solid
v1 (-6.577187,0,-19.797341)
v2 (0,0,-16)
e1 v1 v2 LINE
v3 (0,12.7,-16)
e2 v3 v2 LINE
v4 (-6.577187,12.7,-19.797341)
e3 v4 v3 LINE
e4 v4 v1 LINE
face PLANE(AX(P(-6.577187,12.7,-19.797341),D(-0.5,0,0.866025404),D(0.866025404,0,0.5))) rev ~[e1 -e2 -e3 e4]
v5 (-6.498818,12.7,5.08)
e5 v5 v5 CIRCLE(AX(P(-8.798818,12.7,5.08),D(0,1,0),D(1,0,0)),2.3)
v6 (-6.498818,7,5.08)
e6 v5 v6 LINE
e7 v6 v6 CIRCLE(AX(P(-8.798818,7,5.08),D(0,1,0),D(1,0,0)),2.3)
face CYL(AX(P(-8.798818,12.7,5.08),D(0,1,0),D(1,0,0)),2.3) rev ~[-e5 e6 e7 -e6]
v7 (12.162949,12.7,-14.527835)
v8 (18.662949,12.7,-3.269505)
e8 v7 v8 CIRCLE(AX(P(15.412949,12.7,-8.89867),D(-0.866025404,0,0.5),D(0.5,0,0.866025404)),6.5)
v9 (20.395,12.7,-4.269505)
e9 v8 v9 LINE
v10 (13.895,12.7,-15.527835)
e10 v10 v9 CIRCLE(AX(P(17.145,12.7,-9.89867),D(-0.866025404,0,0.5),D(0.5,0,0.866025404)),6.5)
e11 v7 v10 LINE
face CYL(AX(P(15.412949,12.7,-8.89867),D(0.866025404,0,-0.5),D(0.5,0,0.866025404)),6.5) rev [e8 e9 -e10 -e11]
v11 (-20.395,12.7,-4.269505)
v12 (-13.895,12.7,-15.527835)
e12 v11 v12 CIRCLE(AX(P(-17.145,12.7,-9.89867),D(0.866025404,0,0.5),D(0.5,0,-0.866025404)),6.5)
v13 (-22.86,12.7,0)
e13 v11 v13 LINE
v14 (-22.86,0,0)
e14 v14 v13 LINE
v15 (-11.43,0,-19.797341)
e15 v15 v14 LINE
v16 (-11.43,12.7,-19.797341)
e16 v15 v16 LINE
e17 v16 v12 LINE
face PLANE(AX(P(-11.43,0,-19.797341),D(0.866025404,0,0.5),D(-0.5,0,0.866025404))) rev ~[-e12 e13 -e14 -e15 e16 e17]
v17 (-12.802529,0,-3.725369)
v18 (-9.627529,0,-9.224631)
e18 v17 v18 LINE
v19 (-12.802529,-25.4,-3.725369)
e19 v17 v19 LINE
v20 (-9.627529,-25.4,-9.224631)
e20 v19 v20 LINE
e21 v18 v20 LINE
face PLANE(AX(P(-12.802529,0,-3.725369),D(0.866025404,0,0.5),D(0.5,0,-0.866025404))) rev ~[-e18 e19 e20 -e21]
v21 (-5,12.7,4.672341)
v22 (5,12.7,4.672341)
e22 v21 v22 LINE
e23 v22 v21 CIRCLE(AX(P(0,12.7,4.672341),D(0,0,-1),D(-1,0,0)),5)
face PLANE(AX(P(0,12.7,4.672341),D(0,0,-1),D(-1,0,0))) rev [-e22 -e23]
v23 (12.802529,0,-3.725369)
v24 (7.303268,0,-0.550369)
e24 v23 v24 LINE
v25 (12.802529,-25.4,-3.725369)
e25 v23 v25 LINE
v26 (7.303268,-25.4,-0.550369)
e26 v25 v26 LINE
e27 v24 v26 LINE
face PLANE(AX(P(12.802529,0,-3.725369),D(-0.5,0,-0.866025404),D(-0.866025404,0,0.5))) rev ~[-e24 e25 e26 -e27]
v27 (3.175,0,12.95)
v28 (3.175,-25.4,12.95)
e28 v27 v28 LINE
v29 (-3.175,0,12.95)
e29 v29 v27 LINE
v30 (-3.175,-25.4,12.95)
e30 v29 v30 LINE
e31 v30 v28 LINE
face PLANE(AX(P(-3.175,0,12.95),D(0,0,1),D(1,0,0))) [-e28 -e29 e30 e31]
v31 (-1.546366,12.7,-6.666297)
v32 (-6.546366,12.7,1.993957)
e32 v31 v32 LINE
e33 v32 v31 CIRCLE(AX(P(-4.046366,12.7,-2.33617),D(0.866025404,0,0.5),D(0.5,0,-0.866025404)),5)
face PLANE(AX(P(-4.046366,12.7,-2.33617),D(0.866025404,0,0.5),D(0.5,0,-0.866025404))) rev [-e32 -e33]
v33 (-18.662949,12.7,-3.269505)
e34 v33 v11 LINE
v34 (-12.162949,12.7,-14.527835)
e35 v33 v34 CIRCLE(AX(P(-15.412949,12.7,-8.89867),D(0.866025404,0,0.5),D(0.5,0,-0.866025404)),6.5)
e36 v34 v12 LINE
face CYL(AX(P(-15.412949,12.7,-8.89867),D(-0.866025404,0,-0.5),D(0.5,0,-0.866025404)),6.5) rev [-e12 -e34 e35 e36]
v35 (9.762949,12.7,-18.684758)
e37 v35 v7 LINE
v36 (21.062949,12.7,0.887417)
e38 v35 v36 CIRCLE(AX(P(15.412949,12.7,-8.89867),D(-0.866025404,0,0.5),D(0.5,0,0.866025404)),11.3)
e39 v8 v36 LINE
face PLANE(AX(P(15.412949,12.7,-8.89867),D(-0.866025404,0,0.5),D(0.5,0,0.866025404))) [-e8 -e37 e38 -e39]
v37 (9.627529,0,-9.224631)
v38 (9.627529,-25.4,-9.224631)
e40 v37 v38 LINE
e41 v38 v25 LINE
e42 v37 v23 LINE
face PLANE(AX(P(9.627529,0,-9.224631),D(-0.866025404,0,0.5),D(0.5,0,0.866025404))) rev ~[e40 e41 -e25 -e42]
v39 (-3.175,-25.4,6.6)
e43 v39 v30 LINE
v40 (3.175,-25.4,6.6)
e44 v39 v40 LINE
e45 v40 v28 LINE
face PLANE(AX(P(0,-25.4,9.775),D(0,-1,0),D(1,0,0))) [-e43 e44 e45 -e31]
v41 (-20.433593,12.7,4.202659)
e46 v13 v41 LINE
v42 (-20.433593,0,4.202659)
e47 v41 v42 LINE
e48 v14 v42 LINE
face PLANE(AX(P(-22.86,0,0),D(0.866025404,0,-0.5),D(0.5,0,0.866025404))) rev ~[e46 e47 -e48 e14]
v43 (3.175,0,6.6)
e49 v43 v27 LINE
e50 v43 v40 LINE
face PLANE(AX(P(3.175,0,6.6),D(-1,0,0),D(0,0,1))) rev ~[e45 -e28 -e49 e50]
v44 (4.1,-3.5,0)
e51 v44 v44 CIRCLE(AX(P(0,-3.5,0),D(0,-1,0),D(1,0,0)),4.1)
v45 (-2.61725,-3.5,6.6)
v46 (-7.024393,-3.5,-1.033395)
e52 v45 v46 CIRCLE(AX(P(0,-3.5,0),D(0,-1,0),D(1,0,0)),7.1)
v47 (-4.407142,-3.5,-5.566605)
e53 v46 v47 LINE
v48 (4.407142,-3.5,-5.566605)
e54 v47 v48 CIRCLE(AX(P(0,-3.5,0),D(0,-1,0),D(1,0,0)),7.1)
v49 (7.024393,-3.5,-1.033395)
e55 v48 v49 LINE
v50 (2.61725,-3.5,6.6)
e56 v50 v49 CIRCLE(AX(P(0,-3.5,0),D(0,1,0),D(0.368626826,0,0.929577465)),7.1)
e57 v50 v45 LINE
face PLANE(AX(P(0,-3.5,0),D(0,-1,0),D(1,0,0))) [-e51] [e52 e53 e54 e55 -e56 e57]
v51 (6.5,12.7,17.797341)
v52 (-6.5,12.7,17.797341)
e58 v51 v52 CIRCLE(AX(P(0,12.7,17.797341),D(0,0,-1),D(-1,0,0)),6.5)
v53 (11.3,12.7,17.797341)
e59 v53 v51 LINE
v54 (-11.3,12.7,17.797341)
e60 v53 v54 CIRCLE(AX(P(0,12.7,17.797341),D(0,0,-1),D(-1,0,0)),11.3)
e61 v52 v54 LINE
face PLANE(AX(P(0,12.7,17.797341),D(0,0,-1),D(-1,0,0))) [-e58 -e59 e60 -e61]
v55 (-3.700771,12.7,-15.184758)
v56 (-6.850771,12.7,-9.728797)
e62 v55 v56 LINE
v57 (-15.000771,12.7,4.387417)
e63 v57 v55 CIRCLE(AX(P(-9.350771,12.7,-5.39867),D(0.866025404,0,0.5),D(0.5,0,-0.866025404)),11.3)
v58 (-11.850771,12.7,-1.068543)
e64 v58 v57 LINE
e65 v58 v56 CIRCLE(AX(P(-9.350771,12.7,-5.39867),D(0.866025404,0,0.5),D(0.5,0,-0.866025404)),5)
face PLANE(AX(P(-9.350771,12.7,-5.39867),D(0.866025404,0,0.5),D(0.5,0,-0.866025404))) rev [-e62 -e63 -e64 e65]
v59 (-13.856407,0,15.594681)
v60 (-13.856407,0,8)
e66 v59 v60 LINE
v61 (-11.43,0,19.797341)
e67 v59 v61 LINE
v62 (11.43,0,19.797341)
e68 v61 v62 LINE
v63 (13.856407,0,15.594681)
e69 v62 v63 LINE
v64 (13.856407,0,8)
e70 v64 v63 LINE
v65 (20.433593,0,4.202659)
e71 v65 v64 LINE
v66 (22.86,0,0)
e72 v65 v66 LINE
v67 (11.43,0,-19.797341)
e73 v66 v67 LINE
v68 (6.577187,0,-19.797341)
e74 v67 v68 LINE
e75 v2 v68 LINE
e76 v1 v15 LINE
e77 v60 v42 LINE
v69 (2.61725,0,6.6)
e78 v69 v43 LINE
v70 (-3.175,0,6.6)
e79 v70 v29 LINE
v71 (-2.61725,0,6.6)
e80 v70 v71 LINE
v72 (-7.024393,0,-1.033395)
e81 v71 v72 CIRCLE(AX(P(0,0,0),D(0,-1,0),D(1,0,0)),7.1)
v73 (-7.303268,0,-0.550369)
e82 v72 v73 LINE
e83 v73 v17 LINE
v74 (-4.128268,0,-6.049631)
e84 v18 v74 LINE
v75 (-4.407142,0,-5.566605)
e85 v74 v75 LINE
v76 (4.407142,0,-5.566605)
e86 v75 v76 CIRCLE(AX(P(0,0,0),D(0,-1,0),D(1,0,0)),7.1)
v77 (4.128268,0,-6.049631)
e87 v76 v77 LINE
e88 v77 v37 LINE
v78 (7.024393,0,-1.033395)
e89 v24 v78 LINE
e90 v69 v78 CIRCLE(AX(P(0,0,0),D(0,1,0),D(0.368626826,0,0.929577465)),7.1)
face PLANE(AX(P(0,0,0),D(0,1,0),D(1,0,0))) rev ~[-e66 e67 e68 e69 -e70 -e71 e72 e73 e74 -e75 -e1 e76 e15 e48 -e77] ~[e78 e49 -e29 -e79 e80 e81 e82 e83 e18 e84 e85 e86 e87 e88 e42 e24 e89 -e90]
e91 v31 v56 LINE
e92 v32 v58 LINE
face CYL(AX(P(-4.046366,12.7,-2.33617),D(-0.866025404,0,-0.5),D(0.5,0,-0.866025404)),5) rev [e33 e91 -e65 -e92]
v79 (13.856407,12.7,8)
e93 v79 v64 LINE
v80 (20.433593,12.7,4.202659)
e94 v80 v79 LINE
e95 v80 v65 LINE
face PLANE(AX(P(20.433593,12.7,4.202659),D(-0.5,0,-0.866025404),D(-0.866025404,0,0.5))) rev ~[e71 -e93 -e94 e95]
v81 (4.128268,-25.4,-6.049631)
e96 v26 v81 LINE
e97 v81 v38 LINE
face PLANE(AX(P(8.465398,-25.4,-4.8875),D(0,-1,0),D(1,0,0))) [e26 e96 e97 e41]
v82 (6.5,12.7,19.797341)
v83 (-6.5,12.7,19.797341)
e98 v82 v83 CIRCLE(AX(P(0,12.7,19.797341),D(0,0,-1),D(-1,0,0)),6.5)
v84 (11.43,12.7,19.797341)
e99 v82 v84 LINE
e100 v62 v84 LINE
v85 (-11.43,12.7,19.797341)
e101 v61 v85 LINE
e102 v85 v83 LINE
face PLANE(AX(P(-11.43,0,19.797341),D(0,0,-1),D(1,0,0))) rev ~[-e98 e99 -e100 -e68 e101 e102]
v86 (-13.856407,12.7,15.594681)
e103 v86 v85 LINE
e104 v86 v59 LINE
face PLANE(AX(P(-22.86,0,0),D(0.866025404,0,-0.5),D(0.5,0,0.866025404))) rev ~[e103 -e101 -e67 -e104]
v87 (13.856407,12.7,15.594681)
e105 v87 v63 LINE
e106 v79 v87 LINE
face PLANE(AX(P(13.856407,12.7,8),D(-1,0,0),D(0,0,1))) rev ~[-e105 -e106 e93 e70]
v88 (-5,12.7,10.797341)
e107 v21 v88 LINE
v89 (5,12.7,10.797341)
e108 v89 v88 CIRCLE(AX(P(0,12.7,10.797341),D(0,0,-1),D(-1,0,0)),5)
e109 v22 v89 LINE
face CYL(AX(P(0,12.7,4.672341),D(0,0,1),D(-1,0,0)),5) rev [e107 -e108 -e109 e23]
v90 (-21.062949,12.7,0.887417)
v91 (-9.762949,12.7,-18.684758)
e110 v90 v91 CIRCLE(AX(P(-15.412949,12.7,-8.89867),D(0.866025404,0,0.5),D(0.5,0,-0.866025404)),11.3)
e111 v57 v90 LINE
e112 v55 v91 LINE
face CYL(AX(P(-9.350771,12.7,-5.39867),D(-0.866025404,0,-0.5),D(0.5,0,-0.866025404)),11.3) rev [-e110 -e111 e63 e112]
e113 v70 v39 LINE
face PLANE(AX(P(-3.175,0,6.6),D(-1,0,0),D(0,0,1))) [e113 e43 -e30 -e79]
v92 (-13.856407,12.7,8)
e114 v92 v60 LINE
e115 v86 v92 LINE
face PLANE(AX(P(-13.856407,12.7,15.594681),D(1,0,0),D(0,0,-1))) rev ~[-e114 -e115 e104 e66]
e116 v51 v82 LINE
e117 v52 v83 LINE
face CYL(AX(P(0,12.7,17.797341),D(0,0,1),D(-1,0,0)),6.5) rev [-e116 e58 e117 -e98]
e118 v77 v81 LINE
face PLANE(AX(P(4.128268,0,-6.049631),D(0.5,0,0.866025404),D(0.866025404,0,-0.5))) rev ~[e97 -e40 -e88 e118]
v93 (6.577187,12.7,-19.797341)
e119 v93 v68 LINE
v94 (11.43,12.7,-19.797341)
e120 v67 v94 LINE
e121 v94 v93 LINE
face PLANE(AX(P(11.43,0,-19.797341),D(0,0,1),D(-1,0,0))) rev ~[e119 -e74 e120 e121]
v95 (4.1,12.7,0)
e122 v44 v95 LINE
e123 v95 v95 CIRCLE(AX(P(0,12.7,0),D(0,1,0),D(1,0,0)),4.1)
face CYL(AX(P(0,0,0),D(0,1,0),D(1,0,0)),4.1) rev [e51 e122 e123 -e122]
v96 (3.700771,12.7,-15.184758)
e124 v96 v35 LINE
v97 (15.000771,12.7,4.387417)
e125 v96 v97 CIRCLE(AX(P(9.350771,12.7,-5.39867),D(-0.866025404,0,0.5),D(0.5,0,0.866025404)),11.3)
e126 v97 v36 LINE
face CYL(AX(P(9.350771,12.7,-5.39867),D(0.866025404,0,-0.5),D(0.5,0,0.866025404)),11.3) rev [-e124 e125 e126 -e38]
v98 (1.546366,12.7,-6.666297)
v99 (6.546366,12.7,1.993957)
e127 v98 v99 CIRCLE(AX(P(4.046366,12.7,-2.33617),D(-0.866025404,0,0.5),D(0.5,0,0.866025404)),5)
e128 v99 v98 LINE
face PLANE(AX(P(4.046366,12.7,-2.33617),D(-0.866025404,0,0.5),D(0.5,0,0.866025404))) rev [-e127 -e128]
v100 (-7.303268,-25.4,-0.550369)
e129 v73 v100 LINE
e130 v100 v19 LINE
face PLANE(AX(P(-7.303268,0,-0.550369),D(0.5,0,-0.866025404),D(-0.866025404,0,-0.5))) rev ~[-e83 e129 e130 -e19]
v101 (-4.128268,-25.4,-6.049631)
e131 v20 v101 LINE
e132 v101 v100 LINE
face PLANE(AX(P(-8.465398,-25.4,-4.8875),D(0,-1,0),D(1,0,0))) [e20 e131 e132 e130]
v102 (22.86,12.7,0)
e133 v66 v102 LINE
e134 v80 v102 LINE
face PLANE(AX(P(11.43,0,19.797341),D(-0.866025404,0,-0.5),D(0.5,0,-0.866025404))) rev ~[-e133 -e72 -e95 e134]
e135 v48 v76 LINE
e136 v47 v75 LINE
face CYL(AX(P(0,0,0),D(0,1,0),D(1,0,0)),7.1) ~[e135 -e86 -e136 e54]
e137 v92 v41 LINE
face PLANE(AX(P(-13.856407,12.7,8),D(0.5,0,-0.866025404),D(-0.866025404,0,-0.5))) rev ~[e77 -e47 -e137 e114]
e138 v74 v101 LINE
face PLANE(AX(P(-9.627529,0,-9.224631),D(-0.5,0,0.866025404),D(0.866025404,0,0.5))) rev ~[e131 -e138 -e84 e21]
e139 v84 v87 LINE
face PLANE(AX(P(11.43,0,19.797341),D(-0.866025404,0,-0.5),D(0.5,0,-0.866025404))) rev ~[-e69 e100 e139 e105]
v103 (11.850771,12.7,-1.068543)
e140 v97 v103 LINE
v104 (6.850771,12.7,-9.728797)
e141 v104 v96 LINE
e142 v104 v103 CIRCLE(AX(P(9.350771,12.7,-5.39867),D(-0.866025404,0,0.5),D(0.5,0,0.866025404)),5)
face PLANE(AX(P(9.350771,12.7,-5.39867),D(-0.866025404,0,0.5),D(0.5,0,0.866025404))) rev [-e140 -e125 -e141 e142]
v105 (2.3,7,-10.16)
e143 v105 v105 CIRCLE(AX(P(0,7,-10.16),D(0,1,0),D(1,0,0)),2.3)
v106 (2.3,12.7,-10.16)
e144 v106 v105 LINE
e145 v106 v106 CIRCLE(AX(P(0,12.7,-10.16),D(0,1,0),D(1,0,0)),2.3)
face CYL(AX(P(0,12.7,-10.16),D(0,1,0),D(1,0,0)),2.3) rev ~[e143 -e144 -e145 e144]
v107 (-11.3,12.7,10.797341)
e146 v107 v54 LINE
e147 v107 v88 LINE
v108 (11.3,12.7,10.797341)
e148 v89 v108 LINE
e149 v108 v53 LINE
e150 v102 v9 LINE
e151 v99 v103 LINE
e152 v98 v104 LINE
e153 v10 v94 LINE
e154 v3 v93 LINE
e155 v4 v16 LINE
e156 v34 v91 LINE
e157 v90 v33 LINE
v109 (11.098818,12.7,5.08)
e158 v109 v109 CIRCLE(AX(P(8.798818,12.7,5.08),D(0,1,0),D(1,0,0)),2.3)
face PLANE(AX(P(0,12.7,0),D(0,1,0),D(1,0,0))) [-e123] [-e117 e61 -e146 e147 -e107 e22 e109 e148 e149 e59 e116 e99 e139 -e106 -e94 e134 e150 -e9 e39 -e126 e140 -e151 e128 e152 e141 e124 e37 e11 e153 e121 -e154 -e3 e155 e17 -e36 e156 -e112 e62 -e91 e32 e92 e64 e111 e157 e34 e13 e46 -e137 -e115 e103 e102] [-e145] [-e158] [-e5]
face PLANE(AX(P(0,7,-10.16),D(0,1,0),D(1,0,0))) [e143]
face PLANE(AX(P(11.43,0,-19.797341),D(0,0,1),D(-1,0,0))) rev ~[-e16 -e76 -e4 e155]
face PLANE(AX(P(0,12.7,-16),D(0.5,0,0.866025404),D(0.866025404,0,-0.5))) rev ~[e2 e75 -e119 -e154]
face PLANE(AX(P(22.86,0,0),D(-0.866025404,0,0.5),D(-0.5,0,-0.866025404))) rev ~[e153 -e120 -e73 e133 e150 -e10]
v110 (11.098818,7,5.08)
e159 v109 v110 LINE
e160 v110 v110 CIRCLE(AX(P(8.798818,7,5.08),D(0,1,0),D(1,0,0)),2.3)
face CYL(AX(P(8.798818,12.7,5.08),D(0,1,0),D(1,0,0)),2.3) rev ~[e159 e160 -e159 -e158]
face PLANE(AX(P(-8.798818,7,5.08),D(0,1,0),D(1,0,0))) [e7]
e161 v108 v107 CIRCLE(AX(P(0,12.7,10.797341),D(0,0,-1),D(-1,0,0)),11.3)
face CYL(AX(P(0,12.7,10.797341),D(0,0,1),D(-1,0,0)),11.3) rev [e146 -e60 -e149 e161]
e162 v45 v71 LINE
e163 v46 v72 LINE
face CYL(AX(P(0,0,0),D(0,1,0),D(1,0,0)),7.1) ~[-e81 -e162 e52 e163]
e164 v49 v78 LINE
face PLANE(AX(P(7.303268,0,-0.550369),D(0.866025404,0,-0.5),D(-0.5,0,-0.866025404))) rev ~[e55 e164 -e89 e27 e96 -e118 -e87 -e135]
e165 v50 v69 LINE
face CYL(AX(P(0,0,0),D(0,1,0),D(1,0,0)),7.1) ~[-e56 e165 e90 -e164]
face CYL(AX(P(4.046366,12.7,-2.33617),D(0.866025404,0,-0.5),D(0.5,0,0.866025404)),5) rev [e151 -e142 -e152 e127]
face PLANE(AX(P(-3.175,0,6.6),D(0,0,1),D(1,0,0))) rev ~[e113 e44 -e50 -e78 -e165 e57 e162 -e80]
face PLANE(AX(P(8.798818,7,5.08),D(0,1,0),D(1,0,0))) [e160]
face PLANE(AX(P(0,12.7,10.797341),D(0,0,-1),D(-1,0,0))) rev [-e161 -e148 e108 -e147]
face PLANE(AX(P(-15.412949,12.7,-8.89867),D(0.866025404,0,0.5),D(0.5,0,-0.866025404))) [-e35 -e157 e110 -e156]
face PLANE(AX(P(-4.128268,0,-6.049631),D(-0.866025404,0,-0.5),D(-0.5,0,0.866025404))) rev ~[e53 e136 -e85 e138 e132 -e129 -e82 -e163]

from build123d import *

# Parameters (mm, degrees)
BOSS_EXTRUDE1_DEPTH = 12.7
SKETCH2_R           = 7.100000009
SKETCH2_R_2         = 4.100000009
BOSS_EXTRUDE2_DEPTH = 3.499999906
SKETCH4_W           = 6.35
SKETCH4_H           = 6.35
BOSS_EXTRUDE4_DEPTH = 25.4
CIRPATTERN1_COUNT   = 3
SKETCH6_R           = 4.100000009
CUT_EXTRUDE1_DEPTH  = 39.1
SKETCH7_R           = 2.3
CUT_EXTRUDE2_DEPTH  = 5.7
CUT_EXTRUDE4_DEPTH  = 39.1


with BuildPart() as part:
    # Sketch1 → Boss-Extrude1 (new body)
    with BuildSketch(Plane(origin=(0, 0, 0), x_dir=(1, 0, 0), z_dir=(0, 1, 0))):
        Polygon((11.43, -19.797340731), (22.86, 0), (11.43, 19.797340731), (-11.43, 19.797340731), (-22.86, 0), (-11.43, -19.797340731), align=None)
    extrude(amount=BOSS_EXTRUDE1_DEPTH)

    # Sketch2 → Boss-Extrude2 (add)
    with BuildSketch(Plane.XZ):
        Circle(SKETCH2_R)
        Circle(SKETCH2_R_2, mode=Mode.SUBTRACT)
    extrude(amount=BOSS_EXTRUDE2_DEPTH)

    # Sketch4 → Boss-Extrude4 (add)
    with BuildSketch(Plane.XZ):
        Polygon((12.802528987, -3.725369347), (7.303267673, -0.550369347), (4.128267673, -6.049630662), (9.627528987, -9.224630662), align=None)
        with Locations((0, 9.775000009)):
            Rectangle(SKETCH4_W, SKETCH4_H)
        Polygon((-9.627528987, -9.224630662), (-4.128267673, -6.049630662), (-7.303267673, -0.550369347), (-12.802528987, -3.725369347), align=None)
    extrude(amount=BOSS_EXTRUDE4_DEPTH)

    # Sketch5 → Cut-Revolve1 (revolve, cut)
    with BuildSketch(Plane(origin=(0, 12.7, 0), x_dir=(1, 0, 0), z_dir=(0, 1, 0))):
        Polygon((0, -19.797340731), (0, -4.672340739), (-5, -4.672340739), (-5, -10.797340731), (-11.300000152, -10.797340731), (-11.300000152, -17.797340731), (-6.5, -17.797340731), (-6.5, -19.797340731), align=None)
    cut_revolve1 = revolve(axis=Axis((0, 12.7, 19.797340731), (0, 0, -1)), mode=Mode.SUBTRACT)

    # CirPattern1: Cut-Revolve1 ×3 about axis
    cirpattern1_axis = Axis((0, 0, 0), (0, 1, 0))
    for i in range(1, CIRPATTERN1_COUNT):
        add(cut_revolve1.rotate(cirpattern1_axis, i * 360 / CIRPATTERN1_COUNT), mode=Mode.SUBTRACT)

    # Sketch6 → Cut-Extrude1 (cut, through all)
    with BuildSketch(Plane(origin=(0, 12.7, 0), x_dir=(1, 0, 0), z_dir=(0, 1, 0))):
        Circle(SKETCH6_R)
    extrude(amount=-CUT_EXTRUDE1_DEPTH, mode=Mode.SUBTRACT)

    # Sketch7 → Cut-Extrude2 (cut)
    with BuildSketch(Plane(origin=(0, 12.7, 0), x_dir=(1, 0, 0), z_dir=(0, 1, 0))):
        with Locations((0, 10.16)):
            Circle(SKETCH7_R)
        with Locations((8.798818102, -5.08)):
            Circle(SKETCH7_R)
        with Locations((-8.798818102, -5.08)):
            Circle(SKETCH7_R)
    extrude(amount=-CUT_EXTRUDE2_DEPTH, mode=Mode.SUBTRACT)

    # Sketch9 → Cut-Extrude4 (cut, through all)
    with BuildSketch(Plane(origin=(0, 12.7, 0), x_dir=(1, 0, 0), z_dir=(0, 1, 0))):
        Polygon((-6.577186816, 19.797340731), (0, 16.000000152), (6.577186816, 19.797340731), align=None)
        Polygon((20.433593408, -4.202659497), (13.856406592, -8.000000076), (13.856406592, -15.594681234), align=None)
        Polygon((-13.856406592, -15.594681234), (-13.856406592, -8.000000076), (-20.433593408, -4.202659497), align=None)
    extrude(amount=-CUT_EXTRUDE4_DEPTH, mode=Mode.SUBTRACT)


solid = part.part
